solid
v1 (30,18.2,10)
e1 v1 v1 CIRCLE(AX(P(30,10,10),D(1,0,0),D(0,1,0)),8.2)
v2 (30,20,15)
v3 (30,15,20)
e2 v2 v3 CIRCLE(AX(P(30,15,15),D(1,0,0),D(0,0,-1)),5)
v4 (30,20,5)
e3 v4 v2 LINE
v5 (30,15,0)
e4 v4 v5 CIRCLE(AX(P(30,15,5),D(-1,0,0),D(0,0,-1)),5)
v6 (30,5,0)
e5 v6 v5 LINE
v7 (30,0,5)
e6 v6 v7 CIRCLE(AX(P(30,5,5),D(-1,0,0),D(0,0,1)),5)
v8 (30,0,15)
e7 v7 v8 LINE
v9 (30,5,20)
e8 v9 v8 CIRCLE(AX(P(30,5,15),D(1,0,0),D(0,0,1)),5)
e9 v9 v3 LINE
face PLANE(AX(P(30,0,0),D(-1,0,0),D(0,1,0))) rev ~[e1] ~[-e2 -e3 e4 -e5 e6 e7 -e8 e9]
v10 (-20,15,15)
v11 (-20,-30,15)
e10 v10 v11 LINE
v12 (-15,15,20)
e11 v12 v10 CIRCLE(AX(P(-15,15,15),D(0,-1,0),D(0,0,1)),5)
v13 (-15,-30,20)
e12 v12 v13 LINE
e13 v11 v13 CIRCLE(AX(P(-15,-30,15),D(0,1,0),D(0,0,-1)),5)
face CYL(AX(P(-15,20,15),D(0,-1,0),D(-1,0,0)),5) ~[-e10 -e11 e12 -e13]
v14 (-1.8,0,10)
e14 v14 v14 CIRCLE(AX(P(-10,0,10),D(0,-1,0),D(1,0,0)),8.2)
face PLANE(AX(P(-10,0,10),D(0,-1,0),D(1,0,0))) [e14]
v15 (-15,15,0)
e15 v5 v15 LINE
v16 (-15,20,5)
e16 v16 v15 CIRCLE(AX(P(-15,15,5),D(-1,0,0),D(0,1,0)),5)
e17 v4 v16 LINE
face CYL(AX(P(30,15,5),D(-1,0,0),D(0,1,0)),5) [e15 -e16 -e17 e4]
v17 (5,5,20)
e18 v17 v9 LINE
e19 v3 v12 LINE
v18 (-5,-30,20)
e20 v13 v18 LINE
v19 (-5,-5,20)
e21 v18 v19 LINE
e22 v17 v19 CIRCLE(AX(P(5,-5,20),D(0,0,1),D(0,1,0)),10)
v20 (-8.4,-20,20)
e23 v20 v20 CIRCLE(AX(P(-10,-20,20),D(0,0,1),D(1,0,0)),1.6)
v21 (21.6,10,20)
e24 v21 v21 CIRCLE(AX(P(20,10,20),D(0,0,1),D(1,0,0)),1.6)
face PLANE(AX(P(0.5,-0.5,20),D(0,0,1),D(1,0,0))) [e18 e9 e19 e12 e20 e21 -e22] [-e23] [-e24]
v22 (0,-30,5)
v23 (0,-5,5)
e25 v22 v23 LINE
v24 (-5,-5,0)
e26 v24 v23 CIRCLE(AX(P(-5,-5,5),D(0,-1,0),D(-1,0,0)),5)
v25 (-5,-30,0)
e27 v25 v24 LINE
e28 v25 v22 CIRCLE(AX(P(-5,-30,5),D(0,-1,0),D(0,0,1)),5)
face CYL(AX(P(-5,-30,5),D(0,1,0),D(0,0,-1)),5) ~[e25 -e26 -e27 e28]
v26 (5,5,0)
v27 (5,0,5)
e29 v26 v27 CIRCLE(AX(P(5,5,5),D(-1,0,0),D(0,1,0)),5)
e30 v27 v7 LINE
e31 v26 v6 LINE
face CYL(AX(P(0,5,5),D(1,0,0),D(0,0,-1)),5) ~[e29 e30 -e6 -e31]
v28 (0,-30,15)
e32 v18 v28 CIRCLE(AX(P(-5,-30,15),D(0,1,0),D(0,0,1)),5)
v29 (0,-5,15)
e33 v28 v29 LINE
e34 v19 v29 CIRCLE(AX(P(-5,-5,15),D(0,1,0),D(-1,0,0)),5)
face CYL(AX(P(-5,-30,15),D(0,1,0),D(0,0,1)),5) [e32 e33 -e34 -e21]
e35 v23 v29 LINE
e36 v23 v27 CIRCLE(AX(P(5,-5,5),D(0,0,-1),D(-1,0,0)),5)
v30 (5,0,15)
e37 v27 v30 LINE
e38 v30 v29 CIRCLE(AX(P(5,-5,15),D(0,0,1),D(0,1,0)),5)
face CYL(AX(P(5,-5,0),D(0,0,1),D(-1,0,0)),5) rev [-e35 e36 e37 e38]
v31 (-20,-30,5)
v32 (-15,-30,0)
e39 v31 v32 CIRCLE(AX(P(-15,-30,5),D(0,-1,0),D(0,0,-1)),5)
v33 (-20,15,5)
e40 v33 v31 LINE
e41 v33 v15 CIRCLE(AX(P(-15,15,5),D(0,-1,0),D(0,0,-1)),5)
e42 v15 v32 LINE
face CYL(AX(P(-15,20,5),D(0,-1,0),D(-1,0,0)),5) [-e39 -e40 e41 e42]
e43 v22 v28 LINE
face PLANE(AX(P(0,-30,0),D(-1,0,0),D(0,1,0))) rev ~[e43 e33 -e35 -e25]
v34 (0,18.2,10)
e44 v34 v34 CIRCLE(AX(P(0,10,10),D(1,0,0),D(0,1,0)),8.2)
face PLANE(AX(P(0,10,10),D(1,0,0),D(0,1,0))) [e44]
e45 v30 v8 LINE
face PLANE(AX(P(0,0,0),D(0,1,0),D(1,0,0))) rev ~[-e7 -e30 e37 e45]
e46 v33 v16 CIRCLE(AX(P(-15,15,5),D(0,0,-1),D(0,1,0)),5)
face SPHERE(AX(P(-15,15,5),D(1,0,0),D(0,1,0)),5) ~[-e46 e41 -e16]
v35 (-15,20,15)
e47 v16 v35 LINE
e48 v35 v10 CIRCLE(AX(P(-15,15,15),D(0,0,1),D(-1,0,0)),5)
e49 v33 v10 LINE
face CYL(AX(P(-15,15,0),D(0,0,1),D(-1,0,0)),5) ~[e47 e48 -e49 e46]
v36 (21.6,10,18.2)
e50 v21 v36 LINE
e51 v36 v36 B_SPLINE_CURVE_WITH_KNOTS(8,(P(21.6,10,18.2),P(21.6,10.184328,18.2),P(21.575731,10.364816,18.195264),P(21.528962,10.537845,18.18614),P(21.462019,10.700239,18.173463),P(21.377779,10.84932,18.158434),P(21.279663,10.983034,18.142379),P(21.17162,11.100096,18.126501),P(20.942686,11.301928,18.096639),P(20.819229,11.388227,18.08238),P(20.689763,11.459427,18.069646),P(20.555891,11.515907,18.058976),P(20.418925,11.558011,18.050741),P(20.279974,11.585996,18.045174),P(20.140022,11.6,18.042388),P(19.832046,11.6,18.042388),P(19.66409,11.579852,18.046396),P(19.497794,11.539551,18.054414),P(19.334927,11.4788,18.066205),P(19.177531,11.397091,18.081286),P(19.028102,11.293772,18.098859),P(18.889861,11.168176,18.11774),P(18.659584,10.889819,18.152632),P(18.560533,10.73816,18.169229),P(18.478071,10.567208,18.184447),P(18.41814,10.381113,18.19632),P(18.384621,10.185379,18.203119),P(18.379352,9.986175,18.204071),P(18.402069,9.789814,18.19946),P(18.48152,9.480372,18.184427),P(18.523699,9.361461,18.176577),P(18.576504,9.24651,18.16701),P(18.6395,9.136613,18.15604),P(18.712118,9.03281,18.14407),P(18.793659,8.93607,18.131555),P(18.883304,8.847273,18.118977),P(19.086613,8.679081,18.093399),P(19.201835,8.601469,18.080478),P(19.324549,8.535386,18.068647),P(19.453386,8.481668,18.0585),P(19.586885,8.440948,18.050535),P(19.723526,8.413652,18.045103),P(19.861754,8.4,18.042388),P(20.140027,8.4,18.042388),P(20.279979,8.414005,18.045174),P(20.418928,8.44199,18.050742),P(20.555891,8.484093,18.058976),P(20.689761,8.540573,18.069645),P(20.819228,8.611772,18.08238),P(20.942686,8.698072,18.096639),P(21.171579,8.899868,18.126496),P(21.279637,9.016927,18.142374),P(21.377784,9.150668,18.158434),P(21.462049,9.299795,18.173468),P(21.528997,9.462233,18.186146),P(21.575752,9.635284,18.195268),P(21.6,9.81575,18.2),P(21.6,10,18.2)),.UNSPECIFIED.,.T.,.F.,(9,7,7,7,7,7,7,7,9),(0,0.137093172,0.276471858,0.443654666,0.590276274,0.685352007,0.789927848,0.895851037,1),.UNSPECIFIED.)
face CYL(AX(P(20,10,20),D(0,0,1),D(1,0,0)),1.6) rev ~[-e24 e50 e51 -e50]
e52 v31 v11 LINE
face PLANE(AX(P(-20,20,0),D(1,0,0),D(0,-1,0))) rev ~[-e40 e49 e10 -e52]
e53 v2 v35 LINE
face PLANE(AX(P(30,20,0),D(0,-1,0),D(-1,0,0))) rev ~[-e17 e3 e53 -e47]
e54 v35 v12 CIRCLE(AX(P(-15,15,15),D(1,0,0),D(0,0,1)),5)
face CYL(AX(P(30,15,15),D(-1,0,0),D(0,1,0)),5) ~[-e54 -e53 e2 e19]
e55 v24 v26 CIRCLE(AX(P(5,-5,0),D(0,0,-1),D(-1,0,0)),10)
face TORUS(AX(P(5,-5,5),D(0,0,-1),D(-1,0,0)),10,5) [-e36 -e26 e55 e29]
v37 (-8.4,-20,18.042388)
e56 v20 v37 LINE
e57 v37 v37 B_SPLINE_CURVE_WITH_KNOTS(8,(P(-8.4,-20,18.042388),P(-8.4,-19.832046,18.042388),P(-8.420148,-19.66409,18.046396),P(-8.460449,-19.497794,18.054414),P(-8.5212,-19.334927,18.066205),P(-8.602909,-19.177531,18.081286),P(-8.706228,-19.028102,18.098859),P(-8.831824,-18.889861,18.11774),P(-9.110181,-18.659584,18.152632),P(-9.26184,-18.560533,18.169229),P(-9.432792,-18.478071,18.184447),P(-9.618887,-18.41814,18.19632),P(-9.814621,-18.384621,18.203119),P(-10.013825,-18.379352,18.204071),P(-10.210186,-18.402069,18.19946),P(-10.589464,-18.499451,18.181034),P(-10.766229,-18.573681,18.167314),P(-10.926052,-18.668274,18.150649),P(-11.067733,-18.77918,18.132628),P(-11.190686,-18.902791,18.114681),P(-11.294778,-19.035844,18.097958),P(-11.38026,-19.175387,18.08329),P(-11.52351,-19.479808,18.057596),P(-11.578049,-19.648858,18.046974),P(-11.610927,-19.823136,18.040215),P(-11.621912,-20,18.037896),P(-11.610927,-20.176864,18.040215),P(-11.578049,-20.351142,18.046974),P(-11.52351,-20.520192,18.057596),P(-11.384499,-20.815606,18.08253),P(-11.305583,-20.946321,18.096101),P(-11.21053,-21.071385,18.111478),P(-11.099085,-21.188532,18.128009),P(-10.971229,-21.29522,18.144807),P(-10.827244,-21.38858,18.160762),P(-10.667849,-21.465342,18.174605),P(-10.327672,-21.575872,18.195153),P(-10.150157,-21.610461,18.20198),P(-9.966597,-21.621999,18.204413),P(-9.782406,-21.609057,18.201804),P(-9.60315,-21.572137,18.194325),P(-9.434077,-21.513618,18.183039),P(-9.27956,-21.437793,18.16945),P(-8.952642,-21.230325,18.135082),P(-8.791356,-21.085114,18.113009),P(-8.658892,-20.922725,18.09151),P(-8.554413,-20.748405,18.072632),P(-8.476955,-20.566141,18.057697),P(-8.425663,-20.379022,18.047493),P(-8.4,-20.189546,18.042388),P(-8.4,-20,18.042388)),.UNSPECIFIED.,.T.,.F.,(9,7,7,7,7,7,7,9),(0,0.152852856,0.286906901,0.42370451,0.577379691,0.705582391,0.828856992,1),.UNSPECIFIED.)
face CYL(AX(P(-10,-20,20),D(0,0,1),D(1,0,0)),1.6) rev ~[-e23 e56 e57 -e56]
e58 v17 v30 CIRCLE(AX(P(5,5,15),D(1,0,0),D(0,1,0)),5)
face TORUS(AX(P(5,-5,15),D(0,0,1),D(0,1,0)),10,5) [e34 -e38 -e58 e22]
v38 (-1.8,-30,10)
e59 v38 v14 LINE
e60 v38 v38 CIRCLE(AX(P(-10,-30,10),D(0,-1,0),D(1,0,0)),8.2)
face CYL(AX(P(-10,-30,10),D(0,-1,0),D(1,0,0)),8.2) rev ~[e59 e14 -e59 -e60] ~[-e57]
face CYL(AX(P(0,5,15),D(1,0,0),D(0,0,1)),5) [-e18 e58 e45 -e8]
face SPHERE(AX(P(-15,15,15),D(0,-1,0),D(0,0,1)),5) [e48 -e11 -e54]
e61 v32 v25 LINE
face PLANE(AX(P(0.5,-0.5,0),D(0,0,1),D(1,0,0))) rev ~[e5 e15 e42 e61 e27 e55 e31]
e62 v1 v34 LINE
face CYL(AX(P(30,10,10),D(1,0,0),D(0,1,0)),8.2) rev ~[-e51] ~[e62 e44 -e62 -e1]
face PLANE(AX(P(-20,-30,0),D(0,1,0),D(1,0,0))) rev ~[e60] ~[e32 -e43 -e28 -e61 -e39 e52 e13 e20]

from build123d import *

# Parameters (mm, degrees)
PAD009_DEPTH    = 20
SKETCH027_R     = 8.2
POCKET015_DEPTH = 30
SKETCH028_R     = 8.2
POCKET016_DEPTH = 30
SKETCH031_R     = 1.6
POCKET018_DEPTH = 5
FILLET006_R     = 5


with BuildPart() as part:
    # Sketch026 → Pad009 (new body)
    with BuildSketch(Plane.XY):
        Polygon((-20, 20), (-20, -30), (0, -30), (0, 0), (30, 0), (30, 20), align=None)
    extrude(amount=PAD009_DEPTH)

    # Sketch027 → Pocket015 (cut)
    with BuildSketch(Plane.XZ.offset(30)):
        with Locations((-10, 10)):
            Circle(SKETCH027_R)
    extrude(amount=-POCKET015_DEPTH, mode=Mode.SUBTRACT)

    # Sketch028 → Pocket016 (cut)
    with BuildSketch(Plane.YZ.offset(30)):
        with Locations((10, 10)):
            Circle(SKETCH028_R)
    extrude(amount=-POCKET016_DEPTH, mode=Mode.SUBTRACT)

    # Sketch031 → Pocket018 (cut)
    with BuildSketch(Plane.XY.offset(20)):
        with Locations((20, 10)):
            Circle(SKETCH031_R)
        with Locations((-10, -20)):
            Circle(SKETCH031_R)
    extrude(amount=-POCKET018_DEPTH, mode=Mode.SUBTRACT)

    # Fillet006
    fillet006_edges = [part.edges().sort_by_distance(p)[0] for p in [
        (15, 0, 20),
        (0, -15, 20),
        (-20, -5, 20),
        (5, 20, 20),
        (5, 20, 0),
        (-20, 20, 10),
        (-20, -5, 0),
        (0, -15, 0),
        (15, 0, 0),
        (0, 0, 10),
    ]]
    fillet(fillet006_edges, radius=FILLET006_R)


solid = part.part
